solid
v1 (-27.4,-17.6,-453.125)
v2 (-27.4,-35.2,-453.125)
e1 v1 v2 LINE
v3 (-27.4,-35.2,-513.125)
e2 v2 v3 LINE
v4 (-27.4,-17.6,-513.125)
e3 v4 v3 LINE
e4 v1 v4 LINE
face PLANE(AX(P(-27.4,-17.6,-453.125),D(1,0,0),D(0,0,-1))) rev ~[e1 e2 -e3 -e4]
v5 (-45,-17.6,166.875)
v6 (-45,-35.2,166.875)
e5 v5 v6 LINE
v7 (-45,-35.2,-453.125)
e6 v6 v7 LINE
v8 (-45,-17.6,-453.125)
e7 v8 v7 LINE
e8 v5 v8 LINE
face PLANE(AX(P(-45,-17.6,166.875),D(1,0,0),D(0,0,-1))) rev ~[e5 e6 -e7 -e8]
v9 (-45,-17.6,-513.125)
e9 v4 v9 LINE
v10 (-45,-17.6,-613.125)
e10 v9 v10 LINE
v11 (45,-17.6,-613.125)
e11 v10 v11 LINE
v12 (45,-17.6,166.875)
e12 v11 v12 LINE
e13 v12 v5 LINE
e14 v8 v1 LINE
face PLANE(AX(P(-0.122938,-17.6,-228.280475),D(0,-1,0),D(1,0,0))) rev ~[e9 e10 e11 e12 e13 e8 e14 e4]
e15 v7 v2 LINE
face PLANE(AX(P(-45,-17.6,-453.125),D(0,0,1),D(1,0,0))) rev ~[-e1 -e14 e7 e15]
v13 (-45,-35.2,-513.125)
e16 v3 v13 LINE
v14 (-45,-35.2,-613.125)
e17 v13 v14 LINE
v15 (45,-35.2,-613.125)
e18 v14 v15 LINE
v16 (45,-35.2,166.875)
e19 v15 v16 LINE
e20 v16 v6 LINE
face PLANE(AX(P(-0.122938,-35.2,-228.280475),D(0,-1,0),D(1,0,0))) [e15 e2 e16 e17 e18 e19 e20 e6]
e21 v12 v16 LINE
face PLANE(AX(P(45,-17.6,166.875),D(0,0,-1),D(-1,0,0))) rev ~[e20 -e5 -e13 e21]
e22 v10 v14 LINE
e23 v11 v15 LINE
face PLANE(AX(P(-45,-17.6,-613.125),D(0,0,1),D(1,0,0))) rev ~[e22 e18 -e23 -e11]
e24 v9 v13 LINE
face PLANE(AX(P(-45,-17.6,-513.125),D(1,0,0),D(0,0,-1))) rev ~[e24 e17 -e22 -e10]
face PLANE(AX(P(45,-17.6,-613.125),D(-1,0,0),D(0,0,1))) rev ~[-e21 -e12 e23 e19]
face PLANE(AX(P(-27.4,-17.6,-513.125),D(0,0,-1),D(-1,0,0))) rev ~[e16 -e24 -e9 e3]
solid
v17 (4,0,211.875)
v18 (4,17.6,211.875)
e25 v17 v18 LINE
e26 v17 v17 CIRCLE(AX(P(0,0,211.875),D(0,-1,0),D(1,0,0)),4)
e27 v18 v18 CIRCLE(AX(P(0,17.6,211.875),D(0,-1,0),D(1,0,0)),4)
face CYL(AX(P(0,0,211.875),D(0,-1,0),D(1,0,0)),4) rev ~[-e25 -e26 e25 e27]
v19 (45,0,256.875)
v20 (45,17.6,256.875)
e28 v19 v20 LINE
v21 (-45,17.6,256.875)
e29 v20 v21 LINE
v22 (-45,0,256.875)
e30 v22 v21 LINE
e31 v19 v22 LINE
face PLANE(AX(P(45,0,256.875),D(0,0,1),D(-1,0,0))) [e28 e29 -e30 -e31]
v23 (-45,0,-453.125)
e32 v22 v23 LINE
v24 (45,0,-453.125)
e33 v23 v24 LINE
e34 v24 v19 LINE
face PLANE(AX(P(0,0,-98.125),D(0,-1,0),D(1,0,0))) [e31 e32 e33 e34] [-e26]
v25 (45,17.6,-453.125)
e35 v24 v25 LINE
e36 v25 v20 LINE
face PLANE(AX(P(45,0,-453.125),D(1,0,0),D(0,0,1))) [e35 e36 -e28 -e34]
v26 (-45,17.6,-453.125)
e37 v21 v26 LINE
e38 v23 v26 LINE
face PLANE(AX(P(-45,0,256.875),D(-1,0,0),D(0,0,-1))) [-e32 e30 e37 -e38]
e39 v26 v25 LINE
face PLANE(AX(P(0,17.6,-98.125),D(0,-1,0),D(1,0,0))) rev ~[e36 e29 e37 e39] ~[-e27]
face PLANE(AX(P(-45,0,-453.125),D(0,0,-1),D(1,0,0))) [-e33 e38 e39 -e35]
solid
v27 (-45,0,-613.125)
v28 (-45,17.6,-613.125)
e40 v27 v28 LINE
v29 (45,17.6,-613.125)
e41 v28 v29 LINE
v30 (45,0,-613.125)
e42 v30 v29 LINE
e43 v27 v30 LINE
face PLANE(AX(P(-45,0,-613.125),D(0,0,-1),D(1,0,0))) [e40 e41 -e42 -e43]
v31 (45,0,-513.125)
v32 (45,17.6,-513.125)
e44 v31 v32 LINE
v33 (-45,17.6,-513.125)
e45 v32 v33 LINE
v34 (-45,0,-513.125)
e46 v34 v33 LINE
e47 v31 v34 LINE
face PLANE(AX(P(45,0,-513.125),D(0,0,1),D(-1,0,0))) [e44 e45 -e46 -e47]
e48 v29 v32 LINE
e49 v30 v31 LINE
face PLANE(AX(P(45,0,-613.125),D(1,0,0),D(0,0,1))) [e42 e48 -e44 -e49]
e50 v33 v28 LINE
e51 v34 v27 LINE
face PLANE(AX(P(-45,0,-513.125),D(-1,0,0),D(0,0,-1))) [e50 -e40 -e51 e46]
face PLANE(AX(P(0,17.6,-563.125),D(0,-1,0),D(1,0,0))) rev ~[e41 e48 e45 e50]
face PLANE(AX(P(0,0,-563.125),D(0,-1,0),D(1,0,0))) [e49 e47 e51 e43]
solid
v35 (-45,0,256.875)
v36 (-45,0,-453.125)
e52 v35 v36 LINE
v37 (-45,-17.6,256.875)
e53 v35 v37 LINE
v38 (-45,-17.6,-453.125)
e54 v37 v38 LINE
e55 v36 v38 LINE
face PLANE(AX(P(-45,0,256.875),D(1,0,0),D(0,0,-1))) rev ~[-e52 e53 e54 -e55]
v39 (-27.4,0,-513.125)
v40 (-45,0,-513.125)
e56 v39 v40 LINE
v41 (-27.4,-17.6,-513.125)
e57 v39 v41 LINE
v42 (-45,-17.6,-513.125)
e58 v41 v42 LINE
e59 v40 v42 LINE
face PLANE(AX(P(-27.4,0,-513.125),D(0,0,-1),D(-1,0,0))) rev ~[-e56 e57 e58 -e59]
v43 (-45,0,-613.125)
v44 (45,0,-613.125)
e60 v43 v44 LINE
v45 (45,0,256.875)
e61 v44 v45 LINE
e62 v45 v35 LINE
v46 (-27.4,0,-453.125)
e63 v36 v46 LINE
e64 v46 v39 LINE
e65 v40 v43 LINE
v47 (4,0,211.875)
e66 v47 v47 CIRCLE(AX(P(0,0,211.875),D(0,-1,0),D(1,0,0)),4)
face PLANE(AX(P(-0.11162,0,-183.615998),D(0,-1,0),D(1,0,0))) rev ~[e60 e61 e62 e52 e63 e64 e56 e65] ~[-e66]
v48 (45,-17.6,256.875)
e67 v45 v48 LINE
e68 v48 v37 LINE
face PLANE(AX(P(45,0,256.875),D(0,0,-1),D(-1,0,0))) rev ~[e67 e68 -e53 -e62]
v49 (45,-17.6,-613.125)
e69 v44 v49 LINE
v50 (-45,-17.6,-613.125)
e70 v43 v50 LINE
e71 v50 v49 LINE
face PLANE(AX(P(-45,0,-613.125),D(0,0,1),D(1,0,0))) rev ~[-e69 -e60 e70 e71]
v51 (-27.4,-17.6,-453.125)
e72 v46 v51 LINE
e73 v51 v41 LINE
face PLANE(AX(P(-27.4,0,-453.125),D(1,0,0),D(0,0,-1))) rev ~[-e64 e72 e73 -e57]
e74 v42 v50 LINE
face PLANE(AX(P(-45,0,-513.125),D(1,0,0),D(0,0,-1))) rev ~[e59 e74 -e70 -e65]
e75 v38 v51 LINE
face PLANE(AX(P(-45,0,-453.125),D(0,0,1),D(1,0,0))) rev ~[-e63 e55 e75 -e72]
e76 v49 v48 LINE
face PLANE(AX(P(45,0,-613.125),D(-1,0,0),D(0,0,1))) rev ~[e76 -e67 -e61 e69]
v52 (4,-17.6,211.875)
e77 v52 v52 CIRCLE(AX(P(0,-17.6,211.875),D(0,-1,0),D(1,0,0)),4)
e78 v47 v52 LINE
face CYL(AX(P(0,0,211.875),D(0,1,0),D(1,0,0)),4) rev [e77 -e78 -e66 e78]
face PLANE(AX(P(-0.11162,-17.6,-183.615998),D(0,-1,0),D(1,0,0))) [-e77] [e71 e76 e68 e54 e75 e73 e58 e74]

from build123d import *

# Parameters (mm, degrees)
F1_R     = 4
F2_DEPTH = 17.6
F4_DEPTH = 17.6
F5_R     = 4
F6_DEPTH = 17.6


with BuildPart() as f2:
    # F1 (on Front) → F2 (new body)
    with BuildSketch(Plane.XZ):
        Polygon((45, 256.875), (-45, 256.875), (-45, -453.125), (-27.4, -453.125), (-27.4, -513.125), (-45, -513.125), (-45, -613.125), (45, -613.125), align=None)
        with Locations((0, 211.875)):
            Circle(F1_R, mode=Mode.SUBTRACT)
    extrude(amount=F2_DEPTH)


with BuildPart() as f4:
    # F3 (on face) → F4 (new body)
    with BuildSketch(Plane.XZ.offset(17.6)):
        Polygon((45, 166.875), (-45, 166.875), (-45, -453.125), (-27.4, -453.125), (-27.4, -513.125), (-45, -513.125), (-45, -613.125), (45, -613.125), align=None)
    extrude(amount=F4_DEPTH)


with BuildPart() as f6:
    # F5 (on Front) → F6 (new body)
    with BuildSketch(Plane.XZ):
        Polygon((45, 256.875), (-45, 256.875), (-45, -453.125), (-27.4, -453.125), (45, -453.125), align=None)
        with Locations((0, 211.875)):
            Circle(F5_R, mode=Mode.SUBTRACT)
    extrude(amount=-F6_DEPTH)


with BuildPart() as f6b:
    # F5 (on Front) → F6, piece 2 (new body)
    with BuildSketch(Plane.XZ):
        Polygon((-45, -613.125), (45, -613.125), (45, -513.125), (-27.4, -513.125), (-45, -513.125), align=None)
    extrude(amount=-F6_DEPTH)


solid = Compound([f2.part, f4.part, f6.part, f6b.part])
